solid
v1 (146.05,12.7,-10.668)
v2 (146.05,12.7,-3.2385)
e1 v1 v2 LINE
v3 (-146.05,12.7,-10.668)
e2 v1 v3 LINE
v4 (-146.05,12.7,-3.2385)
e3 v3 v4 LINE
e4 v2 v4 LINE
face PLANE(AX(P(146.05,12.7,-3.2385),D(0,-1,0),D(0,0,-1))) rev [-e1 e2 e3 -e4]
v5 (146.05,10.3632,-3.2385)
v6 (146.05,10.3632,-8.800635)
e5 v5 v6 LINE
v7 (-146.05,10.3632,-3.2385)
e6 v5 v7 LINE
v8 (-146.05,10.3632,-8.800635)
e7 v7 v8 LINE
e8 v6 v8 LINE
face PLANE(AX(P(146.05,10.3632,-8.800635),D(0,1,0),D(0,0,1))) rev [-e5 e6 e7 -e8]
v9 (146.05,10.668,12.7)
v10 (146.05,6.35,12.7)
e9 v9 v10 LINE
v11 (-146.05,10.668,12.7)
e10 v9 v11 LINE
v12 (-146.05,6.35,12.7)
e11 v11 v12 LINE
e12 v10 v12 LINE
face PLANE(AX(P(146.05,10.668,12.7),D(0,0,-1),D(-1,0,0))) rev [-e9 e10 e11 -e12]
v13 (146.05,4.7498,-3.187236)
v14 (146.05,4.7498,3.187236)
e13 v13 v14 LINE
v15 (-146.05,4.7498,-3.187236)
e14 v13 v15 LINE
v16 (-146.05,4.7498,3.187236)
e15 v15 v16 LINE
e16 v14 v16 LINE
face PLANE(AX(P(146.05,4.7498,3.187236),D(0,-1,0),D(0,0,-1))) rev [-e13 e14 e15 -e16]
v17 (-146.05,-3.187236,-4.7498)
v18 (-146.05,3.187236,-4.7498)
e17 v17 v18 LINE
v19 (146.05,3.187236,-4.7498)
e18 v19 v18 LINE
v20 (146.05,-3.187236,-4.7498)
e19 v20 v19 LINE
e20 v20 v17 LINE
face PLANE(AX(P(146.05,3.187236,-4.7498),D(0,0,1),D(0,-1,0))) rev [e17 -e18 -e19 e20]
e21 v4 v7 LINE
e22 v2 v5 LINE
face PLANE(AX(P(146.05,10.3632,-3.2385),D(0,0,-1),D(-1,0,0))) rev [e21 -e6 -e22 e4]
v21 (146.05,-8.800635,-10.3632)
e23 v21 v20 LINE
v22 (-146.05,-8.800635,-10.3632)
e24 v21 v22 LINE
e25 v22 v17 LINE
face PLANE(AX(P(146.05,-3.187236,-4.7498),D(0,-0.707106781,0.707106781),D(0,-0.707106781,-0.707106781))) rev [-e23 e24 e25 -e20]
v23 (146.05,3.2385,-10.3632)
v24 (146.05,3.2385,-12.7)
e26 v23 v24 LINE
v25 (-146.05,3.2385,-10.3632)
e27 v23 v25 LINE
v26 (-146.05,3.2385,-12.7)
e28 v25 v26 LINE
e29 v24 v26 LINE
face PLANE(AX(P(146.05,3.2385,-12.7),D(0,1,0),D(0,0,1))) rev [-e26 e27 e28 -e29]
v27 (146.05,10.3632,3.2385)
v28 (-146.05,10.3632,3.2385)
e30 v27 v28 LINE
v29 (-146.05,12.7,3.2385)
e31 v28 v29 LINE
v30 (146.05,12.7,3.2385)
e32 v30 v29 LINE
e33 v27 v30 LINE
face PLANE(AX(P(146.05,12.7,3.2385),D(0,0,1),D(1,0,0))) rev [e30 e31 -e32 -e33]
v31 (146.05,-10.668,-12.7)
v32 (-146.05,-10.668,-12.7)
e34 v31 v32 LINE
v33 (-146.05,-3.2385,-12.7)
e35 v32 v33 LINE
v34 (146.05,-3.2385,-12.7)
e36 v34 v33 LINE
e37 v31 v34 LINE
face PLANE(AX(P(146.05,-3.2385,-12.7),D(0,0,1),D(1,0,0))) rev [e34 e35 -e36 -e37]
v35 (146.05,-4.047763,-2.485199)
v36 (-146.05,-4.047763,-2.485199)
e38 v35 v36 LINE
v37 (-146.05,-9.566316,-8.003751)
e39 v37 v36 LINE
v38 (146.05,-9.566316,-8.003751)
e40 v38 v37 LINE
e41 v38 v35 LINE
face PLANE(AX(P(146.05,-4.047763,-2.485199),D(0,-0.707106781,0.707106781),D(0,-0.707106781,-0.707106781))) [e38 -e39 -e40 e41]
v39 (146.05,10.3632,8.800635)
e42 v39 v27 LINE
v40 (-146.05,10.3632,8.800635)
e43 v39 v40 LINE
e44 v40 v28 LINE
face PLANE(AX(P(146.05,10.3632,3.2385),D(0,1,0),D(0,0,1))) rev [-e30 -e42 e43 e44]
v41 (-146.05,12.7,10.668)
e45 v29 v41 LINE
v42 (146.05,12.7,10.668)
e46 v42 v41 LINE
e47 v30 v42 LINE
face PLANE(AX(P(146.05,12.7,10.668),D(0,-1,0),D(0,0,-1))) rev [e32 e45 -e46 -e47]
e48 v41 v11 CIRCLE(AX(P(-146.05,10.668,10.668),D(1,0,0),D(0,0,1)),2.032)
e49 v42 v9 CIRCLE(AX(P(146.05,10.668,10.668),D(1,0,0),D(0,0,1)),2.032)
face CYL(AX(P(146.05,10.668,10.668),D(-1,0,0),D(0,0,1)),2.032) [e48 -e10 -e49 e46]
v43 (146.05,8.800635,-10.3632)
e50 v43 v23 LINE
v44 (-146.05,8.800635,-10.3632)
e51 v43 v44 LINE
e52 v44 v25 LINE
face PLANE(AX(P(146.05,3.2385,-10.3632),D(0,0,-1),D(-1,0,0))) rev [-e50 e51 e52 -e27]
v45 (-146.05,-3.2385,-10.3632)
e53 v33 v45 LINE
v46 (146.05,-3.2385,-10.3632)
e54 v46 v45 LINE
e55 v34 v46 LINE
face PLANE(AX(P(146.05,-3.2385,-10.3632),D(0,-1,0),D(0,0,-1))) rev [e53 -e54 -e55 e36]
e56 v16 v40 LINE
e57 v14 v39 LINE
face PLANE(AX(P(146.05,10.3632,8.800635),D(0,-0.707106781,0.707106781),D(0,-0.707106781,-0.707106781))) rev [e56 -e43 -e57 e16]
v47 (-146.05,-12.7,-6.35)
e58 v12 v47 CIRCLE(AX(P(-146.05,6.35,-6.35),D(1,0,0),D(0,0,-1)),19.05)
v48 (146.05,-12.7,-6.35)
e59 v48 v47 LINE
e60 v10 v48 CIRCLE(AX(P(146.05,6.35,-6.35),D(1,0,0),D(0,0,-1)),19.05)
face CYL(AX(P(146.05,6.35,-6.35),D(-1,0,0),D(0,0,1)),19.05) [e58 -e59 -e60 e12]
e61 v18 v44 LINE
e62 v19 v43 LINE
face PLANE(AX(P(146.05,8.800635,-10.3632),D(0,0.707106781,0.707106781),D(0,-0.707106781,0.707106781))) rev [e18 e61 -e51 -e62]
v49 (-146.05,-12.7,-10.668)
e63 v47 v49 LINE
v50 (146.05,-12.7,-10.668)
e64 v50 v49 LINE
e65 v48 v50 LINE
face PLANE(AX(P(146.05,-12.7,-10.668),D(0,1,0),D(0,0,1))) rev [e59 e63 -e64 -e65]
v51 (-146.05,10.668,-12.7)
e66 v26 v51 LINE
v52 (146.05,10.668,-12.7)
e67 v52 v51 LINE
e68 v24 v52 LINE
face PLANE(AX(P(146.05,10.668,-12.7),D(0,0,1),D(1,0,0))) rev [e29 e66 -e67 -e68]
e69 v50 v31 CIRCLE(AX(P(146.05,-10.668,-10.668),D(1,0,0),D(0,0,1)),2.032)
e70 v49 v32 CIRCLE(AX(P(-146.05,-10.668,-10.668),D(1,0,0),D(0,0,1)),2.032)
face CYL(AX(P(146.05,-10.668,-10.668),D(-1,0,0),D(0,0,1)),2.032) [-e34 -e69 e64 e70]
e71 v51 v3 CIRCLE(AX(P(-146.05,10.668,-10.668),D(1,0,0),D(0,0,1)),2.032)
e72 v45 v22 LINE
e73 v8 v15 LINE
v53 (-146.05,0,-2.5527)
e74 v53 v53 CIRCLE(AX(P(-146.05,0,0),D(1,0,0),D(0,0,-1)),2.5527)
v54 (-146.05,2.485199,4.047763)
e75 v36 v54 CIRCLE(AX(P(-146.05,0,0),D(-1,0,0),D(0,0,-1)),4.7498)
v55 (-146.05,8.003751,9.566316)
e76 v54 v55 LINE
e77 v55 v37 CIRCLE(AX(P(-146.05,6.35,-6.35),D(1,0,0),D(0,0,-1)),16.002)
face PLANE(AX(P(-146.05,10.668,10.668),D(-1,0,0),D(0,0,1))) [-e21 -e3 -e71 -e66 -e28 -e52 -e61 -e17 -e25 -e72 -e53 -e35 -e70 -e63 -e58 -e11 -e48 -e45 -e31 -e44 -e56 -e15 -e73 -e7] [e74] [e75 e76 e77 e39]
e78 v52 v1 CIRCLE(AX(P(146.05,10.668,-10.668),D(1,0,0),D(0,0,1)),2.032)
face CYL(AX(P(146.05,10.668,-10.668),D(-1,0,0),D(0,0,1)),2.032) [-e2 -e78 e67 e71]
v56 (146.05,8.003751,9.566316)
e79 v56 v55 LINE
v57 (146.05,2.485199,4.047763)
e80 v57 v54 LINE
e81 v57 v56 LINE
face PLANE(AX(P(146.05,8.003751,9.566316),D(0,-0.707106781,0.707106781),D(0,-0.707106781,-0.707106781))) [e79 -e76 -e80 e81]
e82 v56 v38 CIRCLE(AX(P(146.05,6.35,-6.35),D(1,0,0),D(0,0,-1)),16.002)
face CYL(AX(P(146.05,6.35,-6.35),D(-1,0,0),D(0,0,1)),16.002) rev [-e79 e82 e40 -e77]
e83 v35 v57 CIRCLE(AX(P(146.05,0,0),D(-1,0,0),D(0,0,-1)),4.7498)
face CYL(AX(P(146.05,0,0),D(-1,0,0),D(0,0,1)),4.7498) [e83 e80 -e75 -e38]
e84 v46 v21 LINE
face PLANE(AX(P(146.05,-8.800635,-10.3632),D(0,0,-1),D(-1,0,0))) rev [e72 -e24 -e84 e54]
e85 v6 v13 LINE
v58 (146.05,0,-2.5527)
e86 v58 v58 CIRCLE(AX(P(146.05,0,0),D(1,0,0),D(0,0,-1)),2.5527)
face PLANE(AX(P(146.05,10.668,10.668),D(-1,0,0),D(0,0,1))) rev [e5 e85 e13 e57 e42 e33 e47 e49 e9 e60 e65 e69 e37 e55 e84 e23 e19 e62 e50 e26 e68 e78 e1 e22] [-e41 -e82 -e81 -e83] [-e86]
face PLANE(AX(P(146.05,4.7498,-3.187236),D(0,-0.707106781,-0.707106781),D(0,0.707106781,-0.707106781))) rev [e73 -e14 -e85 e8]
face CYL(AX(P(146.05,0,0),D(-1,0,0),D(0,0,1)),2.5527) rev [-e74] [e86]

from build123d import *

# Parameters (mm, degrees)
SKETCH3_R                = 2.5527
BOSS_EXTRUDE1_DEPTH      = 146.05
BOSS_EXTRUDE1_DEPTH_BACK = 146.05


with BuildPart() as part:
    # Sketch3 → Boss-Extrude1 (new body, two sides)
    with BuildSketch(Plane(origin=(0, 0, 0), x_dir=(0, 0, -1), z_dir=(1, 0, 0))) as boss_extrude1_sk:
        with BuildLine():
            Line((-10.668, 12.7), (-3.2385, 12.7))
            Line((-3.2385, 12.7), (-3.2385, 10.3632))
            Line((-3.2385, 10.3632), (-8.800635435, 10.3632))
            Line((-8.800635435, 10.3632), (-3.187235669, 4.749800235))
            Line((-3.187235669, 4.749800235), (3.187235669, 4.749800235))
            Line((3.187235669, 4.749800235), (8.800635435, 10.3632))
            Line((8.800635435, 10.3632), (3.2385, 10.3632))
            Line((3.2385, 10.3632), (3.2385, 12.7))
            Line((3.2385, 12.7), (10.668, 12.7))
            ThreePointArc((10.668, 12.7), (12.104840979, 12.104840979), (12.7, 10.668))
            Line((12.7, 10.668), (12.7, 3.2385))
            Line((12.7, 3.2385), (10.3632, 3.2385))
            Line((10.3632, 3.2385), (10.3632, 8.800635435))
            Line((10.3632, 8.800635435), (4.749800235, 3.187235669))
            Line((4.749800235, 3.187235669), (4.749800235, -3.187235669))
            Line((4.749800235, -3.187235669), (10.3632, -8.800635435))
            Line((10.3632, -8.800635435), (10.3632, -3.2385))
            Line((10.3632, -3.2385), (12.7, -3.2385))
            Line((12.7, -3.2385), (12.7, -10.668))
            ThreePointArc((12.7, -10.668), (12.104840979, -12.104840979), (10.668, -12.7))
            Line((10.668, -12.7), (6.35, -12.7))
            ThreePointArc((6.35, -12.7), (-7.120384182, -7.120384182), (-12.7, 6.35))
            Line((-12.7, 6.35), (-12.7, 10.668))
            ThreePointArc((-12.7, 10.668), (-12.104840979, 12.104840979), (-10.668, 12.7))
        make_face()
        Circle(SKETCH3_R, mode=Mode.SUBTRACT)
        with BuildLine():
            Line((2.485198871, -4.047763436), (8.003751298, -9.566315863))
            ThreePointArc((8.003751298, -9.566315863), (-4.965122713, -4.965122713), (-9.566315863, 8.003751298))
            Line((-9.566315863, 8.003751298), (-4.047763436, 2.485198871))
            ThreePointArc((-4.047763436, 2.485198871), (-3.358615955, -3.358615955), (2.485198871, -4.047763436))
        make_face(mode=Mode.SUBTRACT)
    extrude(amount=BOSS_EXTRUDE1_DEPTH)
    extrude(boss_extrude1_sk.sketch, amount=-BOSS_EXTRUDE1_DEPTH_BACK)


solid = part.part
